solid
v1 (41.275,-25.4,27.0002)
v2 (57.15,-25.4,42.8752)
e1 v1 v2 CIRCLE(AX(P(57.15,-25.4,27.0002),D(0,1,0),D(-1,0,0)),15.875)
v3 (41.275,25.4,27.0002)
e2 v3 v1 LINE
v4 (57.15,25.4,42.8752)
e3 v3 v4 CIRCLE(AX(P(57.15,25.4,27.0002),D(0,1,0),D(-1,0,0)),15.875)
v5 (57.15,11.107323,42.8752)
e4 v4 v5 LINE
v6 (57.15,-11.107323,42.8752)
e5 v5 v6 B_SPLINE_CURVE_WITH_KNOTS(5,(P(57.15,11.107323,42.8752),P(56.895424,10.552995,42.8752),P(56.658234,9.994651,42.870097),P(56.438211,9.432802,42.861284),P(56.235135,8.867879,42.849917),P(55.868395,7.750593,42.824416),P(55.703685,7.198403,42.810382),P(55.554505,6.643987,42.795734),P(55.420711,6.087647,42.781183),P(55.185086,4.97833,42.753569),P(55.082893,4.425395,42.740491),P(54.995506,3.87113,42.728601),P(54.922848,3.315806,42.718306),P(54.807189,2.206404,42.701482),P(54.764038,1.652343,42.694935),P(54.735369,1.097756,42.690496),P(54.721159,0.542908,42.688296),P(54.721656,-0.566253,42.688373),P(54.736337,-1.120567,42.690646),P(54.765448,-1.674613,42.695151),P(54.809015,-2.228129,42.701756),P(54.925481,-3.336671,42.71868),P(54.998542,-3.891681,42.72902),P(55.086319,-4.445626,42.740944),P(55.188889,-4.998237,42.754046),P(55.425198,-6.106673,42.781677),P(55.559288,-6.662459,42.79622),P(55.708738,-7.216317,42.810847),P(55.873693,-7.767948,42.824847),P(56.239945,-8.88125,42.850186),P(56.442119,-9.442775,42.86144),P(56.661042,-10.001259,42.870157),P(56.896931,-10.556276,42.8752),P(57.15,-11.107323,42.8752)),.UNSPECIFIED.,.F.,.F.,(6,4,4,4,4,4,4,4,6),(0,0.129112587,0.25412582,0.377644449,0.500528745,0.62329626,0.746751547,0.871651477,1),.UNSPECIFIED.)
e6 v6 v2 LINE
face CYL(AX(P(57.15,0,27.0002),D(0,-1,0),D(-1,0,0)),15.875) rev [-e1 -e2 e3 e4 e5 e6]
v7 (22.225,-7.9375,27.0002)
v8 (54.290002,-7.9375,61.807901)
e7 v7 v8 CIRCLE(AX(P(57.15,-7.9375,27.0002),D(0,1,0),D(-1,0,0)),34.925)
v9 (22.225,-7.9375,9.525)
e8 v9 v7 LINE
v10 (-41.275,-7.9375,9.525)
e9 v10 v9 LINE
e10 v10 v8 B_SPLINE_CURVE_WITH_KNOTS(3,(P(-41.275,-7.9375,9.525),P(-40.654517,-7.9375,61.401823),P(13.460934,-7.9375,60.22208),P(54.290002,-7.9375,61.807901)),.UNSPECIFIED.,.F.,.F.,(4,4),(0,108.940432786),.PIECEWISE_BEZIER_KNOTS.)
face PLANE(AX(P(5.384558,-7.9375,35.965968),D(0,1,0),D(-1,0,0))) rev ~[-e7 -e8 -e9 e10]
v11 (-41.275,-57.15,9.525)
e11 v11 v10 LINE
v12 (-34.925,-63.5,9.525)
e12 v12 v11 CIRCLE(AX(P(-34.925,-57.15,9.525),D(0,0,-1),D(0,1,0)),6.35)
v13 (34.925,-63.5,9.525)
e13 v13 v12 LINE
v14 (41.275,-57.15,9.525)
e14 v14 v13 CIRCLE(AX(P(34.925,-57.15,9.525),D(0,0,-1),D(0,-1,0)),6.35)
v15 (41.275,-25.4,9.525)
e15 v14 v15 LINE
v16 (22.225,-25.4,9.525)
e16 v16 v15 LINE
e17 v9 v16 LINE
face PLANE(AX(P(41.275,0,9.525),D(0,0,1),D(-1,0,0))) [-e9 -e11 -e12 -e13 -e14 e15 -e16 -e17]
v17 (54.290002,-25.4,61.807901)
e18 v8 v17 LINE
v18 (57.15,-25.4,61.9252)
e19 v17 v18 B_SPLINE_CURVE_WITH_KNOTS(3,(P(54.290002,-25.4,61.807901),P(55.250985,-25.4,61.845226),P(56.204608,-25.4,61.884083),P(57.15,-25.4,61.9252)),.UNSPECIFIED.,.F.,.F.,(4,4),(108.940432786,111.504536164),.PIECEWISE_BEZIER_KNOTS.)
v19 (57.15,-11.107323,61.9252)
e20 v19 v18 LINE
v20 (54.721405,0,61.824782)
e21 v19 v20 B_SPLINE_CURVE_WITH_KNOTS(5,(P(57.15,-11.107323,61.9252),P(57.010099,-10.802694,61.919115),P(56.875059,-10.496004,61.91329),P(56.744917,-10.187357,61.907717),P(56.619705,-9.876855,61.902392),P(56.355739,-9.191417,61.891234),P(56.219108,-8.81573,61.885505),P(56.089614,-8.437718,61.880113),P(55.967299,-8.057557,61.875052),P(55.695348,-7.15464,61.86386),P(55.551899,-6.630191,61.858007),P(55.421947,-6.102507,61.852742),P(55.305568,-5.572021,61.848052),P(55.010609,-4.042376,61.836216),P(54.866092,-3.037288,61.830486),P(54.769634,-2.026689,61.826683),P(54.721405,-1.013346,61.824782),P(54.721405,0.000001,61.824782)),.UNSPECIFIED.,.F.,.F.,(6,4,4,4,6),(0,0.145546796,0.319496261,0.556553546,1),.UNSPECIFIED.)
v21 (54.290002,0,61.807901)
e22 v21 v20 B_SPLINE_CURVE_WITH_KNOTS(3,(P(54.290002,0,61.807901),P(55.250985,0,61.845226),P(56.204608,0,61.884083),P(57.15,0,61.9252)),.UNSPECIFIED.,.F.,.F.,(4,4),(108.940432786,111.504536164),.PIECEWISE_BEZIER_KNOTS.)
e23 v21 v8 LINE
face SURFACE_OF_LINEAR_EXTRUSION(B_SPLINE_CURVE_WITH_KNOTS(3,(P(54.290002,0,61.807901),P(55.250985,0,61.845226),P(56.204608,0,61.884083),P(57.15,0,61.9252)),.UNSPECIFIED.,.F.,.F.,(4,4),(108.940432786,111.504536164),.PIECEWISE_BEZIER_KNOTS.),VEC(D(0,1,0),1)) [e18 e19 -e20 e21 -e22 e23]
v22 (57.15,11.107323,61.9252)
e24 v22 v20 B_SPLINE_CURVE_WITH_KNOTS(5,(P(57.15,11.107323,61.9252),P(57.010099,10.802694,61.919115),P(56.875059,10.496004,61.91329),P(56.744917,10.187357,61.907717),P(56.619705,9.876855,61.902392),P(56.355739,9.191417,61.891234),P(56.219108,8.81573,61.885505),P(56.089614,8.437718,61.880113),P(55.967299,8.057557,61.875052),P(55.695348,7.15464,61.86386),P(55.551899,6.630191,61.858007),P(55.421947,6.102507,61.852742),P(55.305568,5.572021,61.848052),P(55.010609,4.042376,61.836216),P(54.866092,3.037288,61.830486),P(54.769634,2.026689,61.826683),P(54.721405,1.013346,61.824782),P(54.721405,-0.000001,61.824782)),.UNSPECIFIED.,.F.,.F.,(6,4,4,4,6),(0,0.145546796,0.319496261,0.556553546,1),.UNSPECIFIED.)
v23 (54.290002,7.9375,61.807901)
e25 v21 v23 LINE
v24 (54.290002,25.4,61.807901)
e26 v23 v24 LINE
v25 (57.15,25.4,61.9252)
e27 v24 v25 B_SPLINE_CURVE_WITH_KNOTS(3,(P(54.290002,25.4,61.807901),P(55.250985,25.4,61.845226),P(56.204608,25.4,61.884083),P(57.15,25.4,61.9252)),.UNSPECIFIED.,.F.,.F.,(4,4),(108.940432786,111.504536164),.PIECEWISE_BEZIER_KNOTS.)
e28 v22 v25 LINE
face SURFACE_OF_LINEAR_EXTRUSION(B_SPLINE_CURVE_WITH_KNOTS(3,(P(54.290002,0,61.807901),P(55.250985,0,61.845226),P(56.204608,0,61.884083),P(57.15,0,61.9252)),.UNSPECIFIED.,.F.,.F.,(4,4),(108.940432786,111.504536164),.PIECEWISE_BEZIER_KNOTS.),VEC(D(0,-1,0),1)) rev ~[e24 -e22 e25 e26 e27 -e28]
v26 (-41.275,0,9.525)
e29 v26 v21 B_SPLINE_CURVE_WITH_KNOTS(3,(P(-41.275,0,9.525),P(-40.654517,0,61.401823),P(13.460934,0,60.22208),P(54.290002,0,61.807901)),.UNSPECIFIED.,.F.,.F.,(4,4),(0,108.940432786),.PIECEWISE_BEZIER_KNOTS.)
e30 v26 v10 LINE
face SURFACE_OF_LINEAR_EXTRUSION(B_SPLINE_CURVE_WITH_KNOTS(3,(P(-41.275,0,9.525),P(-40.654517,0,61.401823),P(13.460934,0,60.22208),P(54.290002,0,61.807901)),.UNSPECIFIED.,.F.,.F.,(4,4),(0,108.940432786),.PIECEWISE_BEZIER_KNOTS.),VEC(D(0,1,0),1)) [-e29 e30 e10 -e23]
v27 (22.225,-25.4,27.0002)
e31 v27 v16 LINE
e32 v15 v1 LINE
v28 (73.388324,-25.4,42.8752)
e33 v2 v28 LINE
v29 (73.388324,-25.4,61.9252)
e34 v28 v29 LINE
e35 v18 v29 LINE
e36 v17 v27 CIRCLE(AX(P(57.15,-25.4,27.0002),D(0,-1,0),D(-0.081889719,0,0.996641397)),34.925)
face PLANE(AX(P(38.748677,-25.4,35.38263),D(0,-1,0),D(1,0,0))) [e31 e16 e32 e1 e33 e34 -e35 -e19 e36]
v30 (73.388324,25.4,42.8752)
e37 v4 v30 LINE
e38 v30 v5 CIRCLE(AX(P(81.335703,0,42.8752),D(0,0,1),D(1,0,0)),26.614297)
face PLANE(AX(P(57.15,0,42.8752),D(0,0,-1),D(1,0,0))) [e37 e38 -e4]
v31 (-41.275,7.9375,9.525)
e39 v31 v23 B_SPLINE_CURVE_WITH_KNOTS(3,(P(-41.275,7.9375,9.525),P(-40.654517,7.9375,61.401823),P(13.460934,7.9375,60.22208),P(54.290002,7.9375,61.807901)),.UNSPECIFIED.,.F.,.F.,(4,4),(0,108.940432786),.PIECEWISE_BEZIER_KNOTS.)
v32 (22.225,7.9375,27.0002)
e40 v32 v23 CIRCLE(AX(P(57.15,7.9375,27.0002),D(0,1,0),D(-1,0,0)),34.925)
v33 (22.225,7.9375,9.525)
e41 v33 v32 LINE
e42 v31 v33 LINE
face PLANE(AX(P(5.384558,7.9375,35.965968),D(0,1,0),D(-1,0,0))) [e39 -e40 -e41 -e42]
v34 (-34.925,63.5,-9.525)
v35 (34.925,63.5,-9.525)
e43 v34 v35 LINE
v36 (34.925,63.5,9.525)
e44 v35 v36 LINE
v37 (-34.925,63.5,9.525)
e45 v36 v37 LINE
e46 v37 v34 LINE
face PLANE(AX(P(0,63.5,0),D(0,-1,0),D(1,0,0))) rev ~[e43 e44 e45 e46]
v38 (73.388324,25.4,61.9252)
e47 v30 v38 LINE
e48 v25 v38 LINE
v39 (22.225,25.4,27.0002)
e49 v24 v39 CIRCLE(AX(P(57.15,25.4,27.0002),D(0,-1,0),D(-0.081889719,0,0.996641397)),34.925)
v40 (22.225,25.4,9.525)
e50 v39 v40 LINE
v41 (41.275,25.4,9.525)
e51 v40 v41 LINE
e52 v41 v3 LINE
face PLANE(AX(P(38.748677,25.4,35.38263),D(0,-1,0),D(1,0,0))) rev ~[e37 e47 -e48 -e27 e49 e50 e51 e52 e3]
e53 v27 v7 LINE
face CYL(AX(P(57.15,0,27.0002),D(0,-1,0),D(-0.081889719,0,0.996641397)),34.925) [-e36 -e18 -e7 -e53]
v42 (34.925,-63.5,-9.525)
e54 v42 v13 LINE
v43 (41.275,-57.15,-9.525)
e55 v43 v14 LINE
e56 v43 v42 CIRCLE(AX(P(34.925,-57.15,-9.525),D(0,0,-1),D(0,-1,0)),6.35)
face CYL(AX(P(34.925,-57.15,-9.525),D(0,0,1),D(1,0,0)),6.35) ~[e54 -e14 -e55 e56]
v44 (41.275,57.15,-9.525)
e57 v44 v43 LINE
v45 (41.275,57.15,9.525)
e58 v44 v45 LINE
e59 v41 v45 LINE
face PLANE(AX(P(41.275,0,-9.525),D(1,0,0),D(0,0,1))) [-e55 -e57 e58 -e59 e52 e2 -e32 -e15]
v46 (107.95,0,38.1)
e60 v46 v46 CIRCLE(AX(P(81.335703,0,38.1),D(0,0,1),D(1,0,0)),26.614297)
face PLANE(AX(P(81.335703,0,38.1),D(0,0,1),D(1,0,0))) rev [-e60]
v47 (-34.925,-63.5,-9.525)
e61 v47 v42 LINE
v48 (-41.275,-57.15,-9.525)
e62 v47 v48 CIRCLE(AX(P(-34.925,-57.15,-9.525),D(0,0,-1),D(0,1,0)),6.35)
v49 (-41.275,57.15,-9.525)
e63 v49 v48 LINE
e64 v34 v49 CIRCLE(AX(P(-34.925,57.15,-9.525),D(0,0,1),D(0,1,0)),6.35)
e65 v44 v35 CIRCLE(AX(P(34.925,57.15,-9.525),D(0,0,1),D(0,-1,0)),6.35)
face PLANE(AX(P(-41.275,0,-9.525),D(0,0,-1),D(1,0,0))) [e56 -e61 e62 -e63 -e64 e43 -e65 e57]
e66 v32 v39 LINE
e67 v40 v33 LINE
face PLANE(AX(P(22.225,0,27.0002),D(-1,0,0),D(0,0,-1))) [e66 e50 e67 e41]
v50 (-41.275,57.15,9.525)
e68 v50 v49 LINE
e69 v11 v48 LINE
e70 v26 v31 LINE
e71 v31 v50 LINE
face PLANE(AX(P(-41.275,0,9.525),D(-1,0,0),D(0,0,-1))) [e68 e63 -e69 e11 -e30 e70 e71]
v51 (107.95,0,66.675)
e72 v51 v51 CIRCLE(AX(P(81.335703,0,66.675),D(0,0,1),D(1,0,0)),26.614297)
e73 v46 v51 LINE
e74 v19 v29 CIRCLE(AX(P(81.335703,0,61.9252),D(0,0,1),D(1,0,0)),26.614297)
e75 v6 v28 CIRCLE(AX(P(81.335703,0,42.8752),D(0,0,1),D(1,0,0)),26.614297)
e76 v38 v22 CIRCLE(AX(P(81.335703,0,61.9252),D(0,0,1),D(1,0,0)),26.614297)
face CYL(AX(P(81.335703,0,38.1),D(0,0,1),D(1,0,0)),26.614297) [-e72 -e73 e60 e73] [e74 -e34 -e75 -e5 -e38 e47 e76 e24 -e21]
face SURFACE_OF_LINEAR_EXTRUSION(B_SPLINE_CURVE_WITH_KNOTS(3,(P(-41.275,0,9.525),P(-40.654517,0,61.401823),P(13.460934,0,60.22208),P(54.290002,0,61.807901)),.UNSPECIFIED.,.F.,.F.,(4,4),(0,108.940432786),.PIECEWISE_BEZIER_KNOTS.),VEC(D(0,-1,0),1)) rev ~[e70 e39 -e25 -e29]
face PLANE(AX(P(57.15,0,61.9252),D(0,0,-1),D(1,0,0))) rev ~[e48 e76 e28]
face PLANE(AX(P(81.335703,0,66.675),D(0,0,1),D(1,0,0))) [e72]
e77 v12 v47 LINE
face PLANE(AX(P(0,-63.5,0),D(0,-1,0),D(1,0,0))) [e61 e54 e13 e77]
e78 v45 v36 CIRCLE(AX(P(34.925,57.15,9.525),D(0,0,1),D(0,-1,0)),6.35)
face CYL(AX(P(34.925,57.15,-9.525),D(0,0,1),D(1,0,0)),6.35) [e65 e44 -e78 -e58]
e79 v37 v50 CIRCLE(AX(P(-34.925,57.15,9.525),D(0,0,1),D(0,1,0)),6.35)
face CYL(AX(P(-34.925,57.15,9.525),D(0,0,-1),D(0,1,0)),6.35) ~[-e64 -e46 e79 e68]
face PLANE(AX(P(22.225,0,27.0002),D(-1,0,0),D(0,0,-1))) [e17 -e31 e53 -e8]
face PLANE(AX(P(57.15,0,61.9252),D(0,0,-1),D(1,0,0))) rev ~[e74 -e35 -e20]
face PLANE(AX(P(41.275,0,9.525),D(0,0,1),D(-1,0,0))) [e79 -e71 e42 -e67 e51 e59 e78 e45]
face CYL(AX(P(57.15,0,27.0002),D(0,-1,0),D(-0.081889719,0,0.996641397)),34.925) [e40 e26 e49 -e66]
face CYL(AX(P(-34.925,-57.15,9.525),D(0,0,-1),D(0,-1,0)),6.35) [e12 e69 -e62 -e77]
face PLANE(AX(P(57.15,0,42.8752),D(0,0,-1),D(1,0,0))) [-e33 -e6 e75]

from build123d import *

# Parameters (mm, degrees)
F1_DEPTH = 63.5
F0_W     = 24.1857025899
F0_H     = 19.05
F2_DEPTH = 25.4
F3_DEPTH = 7.9375
F5_R     = 6.35


with BuildPart() as f1:
    # F0 (on Front) → F1 (new body, symmetric)
    with BuildSketch(Plane.XZ):
        Polygon((22.225, 9.525), (-41.275, 9.525), (-41.275, -9.525), (41.275, -9.525), (41.275, 9.525), align=None)
    extrude(amount=F1_DEPTH, both=True)

    # F0 (on Front) → F2 (join, symmetric)
    with BuildSketch(Plane.XZ):
        with BuildLine():
            Line((22.225, 27.0002), (22.225, 9.525))
            Line((22.225, 9.525), (41.275, 9.525))
            Line((41.275, 9.525), (41.275, 27.0002))
            ThreePointArc((41.275, 27.0002), (45.9246798487, 38.2255201513), (57.15, 42.8752))
            Line((57.15, 42.8752), (57.15, 61.9252))
            add(Edge.make_bspline(
                [(54.2900015648, 61.8079007852), (55.2509849967, 61.8452258423), (56.2046080591, 61.8840829618), (57.15, 61.9252)],
                knots=[108.9404327858, 108.9404327858, 108.9404327858, 108.9404327858, 111.5045361635, 111.5045361635, 111.5045361635, 111.5045361635], degree=3))
            ThreePointArc((54.2900015648, 61.8079007852), (31.4630279096, 50.6631476149), (22.225, 27.0002))
        make_face()
        with Locations((69.2428512949, 52.4002)):
            Rectangle(F0_W, F0_H)
    extrude(amount=F2_DEPTH, both=True)

    # F0 (on Front) → F3 (join, symmetric)
    with BuildSketch(Plane.XZ):
        with BuildLine():
            add(Edge.make_bspline(
                [(-41.275, 9.525), (-40.6545165411, 61.4018227943), (13.4609336457, 60.2220802175), (54.2900015648, 61.8079007852)],
                knots=[0, 0, 0, 0, 108.9404327858, 108.9404327858, 108.9404327858, 108.9404327858], degree=3))
            Line((-41.275, 9.525), (22.225, 9.525))
            Line((22.225, 9.525), (22.225, 27.0002))
            ThreePointArc((22.225, 27.0002), (31.4630279096, 50.6631476149), (54.2900015648, 61.8079007852))
        make_face()
    extrude(amount=F3_DEPTH, both=True)

    # F0 (on Front) → F4 (revolve)
    with BuildSketch(Plane.XZ):
        Polygon((81.3357025899, 66.675), (81.3357025899, 61.9252), (81.3357025899, 42.8752), (81.3357025899, 38.1), (107.95, 38.1), (107.95, 66.675), align=None)
    revolve(axis=Axis((81.3357025899, 0, 52.3875), (0, 0, 1)))

    # F5
    f5_edges = [f1.edges().sort_by_distance(p)[0] for p in [
        (41.275, -63.5, 0),
        (-41.275, -63.5, 0),
        (41.275, 63.5, 0),
        (-41.275, 63.5, 0),
    ]]
    fillet(f5_edges, radius=F5_R)


solid = f1.part
